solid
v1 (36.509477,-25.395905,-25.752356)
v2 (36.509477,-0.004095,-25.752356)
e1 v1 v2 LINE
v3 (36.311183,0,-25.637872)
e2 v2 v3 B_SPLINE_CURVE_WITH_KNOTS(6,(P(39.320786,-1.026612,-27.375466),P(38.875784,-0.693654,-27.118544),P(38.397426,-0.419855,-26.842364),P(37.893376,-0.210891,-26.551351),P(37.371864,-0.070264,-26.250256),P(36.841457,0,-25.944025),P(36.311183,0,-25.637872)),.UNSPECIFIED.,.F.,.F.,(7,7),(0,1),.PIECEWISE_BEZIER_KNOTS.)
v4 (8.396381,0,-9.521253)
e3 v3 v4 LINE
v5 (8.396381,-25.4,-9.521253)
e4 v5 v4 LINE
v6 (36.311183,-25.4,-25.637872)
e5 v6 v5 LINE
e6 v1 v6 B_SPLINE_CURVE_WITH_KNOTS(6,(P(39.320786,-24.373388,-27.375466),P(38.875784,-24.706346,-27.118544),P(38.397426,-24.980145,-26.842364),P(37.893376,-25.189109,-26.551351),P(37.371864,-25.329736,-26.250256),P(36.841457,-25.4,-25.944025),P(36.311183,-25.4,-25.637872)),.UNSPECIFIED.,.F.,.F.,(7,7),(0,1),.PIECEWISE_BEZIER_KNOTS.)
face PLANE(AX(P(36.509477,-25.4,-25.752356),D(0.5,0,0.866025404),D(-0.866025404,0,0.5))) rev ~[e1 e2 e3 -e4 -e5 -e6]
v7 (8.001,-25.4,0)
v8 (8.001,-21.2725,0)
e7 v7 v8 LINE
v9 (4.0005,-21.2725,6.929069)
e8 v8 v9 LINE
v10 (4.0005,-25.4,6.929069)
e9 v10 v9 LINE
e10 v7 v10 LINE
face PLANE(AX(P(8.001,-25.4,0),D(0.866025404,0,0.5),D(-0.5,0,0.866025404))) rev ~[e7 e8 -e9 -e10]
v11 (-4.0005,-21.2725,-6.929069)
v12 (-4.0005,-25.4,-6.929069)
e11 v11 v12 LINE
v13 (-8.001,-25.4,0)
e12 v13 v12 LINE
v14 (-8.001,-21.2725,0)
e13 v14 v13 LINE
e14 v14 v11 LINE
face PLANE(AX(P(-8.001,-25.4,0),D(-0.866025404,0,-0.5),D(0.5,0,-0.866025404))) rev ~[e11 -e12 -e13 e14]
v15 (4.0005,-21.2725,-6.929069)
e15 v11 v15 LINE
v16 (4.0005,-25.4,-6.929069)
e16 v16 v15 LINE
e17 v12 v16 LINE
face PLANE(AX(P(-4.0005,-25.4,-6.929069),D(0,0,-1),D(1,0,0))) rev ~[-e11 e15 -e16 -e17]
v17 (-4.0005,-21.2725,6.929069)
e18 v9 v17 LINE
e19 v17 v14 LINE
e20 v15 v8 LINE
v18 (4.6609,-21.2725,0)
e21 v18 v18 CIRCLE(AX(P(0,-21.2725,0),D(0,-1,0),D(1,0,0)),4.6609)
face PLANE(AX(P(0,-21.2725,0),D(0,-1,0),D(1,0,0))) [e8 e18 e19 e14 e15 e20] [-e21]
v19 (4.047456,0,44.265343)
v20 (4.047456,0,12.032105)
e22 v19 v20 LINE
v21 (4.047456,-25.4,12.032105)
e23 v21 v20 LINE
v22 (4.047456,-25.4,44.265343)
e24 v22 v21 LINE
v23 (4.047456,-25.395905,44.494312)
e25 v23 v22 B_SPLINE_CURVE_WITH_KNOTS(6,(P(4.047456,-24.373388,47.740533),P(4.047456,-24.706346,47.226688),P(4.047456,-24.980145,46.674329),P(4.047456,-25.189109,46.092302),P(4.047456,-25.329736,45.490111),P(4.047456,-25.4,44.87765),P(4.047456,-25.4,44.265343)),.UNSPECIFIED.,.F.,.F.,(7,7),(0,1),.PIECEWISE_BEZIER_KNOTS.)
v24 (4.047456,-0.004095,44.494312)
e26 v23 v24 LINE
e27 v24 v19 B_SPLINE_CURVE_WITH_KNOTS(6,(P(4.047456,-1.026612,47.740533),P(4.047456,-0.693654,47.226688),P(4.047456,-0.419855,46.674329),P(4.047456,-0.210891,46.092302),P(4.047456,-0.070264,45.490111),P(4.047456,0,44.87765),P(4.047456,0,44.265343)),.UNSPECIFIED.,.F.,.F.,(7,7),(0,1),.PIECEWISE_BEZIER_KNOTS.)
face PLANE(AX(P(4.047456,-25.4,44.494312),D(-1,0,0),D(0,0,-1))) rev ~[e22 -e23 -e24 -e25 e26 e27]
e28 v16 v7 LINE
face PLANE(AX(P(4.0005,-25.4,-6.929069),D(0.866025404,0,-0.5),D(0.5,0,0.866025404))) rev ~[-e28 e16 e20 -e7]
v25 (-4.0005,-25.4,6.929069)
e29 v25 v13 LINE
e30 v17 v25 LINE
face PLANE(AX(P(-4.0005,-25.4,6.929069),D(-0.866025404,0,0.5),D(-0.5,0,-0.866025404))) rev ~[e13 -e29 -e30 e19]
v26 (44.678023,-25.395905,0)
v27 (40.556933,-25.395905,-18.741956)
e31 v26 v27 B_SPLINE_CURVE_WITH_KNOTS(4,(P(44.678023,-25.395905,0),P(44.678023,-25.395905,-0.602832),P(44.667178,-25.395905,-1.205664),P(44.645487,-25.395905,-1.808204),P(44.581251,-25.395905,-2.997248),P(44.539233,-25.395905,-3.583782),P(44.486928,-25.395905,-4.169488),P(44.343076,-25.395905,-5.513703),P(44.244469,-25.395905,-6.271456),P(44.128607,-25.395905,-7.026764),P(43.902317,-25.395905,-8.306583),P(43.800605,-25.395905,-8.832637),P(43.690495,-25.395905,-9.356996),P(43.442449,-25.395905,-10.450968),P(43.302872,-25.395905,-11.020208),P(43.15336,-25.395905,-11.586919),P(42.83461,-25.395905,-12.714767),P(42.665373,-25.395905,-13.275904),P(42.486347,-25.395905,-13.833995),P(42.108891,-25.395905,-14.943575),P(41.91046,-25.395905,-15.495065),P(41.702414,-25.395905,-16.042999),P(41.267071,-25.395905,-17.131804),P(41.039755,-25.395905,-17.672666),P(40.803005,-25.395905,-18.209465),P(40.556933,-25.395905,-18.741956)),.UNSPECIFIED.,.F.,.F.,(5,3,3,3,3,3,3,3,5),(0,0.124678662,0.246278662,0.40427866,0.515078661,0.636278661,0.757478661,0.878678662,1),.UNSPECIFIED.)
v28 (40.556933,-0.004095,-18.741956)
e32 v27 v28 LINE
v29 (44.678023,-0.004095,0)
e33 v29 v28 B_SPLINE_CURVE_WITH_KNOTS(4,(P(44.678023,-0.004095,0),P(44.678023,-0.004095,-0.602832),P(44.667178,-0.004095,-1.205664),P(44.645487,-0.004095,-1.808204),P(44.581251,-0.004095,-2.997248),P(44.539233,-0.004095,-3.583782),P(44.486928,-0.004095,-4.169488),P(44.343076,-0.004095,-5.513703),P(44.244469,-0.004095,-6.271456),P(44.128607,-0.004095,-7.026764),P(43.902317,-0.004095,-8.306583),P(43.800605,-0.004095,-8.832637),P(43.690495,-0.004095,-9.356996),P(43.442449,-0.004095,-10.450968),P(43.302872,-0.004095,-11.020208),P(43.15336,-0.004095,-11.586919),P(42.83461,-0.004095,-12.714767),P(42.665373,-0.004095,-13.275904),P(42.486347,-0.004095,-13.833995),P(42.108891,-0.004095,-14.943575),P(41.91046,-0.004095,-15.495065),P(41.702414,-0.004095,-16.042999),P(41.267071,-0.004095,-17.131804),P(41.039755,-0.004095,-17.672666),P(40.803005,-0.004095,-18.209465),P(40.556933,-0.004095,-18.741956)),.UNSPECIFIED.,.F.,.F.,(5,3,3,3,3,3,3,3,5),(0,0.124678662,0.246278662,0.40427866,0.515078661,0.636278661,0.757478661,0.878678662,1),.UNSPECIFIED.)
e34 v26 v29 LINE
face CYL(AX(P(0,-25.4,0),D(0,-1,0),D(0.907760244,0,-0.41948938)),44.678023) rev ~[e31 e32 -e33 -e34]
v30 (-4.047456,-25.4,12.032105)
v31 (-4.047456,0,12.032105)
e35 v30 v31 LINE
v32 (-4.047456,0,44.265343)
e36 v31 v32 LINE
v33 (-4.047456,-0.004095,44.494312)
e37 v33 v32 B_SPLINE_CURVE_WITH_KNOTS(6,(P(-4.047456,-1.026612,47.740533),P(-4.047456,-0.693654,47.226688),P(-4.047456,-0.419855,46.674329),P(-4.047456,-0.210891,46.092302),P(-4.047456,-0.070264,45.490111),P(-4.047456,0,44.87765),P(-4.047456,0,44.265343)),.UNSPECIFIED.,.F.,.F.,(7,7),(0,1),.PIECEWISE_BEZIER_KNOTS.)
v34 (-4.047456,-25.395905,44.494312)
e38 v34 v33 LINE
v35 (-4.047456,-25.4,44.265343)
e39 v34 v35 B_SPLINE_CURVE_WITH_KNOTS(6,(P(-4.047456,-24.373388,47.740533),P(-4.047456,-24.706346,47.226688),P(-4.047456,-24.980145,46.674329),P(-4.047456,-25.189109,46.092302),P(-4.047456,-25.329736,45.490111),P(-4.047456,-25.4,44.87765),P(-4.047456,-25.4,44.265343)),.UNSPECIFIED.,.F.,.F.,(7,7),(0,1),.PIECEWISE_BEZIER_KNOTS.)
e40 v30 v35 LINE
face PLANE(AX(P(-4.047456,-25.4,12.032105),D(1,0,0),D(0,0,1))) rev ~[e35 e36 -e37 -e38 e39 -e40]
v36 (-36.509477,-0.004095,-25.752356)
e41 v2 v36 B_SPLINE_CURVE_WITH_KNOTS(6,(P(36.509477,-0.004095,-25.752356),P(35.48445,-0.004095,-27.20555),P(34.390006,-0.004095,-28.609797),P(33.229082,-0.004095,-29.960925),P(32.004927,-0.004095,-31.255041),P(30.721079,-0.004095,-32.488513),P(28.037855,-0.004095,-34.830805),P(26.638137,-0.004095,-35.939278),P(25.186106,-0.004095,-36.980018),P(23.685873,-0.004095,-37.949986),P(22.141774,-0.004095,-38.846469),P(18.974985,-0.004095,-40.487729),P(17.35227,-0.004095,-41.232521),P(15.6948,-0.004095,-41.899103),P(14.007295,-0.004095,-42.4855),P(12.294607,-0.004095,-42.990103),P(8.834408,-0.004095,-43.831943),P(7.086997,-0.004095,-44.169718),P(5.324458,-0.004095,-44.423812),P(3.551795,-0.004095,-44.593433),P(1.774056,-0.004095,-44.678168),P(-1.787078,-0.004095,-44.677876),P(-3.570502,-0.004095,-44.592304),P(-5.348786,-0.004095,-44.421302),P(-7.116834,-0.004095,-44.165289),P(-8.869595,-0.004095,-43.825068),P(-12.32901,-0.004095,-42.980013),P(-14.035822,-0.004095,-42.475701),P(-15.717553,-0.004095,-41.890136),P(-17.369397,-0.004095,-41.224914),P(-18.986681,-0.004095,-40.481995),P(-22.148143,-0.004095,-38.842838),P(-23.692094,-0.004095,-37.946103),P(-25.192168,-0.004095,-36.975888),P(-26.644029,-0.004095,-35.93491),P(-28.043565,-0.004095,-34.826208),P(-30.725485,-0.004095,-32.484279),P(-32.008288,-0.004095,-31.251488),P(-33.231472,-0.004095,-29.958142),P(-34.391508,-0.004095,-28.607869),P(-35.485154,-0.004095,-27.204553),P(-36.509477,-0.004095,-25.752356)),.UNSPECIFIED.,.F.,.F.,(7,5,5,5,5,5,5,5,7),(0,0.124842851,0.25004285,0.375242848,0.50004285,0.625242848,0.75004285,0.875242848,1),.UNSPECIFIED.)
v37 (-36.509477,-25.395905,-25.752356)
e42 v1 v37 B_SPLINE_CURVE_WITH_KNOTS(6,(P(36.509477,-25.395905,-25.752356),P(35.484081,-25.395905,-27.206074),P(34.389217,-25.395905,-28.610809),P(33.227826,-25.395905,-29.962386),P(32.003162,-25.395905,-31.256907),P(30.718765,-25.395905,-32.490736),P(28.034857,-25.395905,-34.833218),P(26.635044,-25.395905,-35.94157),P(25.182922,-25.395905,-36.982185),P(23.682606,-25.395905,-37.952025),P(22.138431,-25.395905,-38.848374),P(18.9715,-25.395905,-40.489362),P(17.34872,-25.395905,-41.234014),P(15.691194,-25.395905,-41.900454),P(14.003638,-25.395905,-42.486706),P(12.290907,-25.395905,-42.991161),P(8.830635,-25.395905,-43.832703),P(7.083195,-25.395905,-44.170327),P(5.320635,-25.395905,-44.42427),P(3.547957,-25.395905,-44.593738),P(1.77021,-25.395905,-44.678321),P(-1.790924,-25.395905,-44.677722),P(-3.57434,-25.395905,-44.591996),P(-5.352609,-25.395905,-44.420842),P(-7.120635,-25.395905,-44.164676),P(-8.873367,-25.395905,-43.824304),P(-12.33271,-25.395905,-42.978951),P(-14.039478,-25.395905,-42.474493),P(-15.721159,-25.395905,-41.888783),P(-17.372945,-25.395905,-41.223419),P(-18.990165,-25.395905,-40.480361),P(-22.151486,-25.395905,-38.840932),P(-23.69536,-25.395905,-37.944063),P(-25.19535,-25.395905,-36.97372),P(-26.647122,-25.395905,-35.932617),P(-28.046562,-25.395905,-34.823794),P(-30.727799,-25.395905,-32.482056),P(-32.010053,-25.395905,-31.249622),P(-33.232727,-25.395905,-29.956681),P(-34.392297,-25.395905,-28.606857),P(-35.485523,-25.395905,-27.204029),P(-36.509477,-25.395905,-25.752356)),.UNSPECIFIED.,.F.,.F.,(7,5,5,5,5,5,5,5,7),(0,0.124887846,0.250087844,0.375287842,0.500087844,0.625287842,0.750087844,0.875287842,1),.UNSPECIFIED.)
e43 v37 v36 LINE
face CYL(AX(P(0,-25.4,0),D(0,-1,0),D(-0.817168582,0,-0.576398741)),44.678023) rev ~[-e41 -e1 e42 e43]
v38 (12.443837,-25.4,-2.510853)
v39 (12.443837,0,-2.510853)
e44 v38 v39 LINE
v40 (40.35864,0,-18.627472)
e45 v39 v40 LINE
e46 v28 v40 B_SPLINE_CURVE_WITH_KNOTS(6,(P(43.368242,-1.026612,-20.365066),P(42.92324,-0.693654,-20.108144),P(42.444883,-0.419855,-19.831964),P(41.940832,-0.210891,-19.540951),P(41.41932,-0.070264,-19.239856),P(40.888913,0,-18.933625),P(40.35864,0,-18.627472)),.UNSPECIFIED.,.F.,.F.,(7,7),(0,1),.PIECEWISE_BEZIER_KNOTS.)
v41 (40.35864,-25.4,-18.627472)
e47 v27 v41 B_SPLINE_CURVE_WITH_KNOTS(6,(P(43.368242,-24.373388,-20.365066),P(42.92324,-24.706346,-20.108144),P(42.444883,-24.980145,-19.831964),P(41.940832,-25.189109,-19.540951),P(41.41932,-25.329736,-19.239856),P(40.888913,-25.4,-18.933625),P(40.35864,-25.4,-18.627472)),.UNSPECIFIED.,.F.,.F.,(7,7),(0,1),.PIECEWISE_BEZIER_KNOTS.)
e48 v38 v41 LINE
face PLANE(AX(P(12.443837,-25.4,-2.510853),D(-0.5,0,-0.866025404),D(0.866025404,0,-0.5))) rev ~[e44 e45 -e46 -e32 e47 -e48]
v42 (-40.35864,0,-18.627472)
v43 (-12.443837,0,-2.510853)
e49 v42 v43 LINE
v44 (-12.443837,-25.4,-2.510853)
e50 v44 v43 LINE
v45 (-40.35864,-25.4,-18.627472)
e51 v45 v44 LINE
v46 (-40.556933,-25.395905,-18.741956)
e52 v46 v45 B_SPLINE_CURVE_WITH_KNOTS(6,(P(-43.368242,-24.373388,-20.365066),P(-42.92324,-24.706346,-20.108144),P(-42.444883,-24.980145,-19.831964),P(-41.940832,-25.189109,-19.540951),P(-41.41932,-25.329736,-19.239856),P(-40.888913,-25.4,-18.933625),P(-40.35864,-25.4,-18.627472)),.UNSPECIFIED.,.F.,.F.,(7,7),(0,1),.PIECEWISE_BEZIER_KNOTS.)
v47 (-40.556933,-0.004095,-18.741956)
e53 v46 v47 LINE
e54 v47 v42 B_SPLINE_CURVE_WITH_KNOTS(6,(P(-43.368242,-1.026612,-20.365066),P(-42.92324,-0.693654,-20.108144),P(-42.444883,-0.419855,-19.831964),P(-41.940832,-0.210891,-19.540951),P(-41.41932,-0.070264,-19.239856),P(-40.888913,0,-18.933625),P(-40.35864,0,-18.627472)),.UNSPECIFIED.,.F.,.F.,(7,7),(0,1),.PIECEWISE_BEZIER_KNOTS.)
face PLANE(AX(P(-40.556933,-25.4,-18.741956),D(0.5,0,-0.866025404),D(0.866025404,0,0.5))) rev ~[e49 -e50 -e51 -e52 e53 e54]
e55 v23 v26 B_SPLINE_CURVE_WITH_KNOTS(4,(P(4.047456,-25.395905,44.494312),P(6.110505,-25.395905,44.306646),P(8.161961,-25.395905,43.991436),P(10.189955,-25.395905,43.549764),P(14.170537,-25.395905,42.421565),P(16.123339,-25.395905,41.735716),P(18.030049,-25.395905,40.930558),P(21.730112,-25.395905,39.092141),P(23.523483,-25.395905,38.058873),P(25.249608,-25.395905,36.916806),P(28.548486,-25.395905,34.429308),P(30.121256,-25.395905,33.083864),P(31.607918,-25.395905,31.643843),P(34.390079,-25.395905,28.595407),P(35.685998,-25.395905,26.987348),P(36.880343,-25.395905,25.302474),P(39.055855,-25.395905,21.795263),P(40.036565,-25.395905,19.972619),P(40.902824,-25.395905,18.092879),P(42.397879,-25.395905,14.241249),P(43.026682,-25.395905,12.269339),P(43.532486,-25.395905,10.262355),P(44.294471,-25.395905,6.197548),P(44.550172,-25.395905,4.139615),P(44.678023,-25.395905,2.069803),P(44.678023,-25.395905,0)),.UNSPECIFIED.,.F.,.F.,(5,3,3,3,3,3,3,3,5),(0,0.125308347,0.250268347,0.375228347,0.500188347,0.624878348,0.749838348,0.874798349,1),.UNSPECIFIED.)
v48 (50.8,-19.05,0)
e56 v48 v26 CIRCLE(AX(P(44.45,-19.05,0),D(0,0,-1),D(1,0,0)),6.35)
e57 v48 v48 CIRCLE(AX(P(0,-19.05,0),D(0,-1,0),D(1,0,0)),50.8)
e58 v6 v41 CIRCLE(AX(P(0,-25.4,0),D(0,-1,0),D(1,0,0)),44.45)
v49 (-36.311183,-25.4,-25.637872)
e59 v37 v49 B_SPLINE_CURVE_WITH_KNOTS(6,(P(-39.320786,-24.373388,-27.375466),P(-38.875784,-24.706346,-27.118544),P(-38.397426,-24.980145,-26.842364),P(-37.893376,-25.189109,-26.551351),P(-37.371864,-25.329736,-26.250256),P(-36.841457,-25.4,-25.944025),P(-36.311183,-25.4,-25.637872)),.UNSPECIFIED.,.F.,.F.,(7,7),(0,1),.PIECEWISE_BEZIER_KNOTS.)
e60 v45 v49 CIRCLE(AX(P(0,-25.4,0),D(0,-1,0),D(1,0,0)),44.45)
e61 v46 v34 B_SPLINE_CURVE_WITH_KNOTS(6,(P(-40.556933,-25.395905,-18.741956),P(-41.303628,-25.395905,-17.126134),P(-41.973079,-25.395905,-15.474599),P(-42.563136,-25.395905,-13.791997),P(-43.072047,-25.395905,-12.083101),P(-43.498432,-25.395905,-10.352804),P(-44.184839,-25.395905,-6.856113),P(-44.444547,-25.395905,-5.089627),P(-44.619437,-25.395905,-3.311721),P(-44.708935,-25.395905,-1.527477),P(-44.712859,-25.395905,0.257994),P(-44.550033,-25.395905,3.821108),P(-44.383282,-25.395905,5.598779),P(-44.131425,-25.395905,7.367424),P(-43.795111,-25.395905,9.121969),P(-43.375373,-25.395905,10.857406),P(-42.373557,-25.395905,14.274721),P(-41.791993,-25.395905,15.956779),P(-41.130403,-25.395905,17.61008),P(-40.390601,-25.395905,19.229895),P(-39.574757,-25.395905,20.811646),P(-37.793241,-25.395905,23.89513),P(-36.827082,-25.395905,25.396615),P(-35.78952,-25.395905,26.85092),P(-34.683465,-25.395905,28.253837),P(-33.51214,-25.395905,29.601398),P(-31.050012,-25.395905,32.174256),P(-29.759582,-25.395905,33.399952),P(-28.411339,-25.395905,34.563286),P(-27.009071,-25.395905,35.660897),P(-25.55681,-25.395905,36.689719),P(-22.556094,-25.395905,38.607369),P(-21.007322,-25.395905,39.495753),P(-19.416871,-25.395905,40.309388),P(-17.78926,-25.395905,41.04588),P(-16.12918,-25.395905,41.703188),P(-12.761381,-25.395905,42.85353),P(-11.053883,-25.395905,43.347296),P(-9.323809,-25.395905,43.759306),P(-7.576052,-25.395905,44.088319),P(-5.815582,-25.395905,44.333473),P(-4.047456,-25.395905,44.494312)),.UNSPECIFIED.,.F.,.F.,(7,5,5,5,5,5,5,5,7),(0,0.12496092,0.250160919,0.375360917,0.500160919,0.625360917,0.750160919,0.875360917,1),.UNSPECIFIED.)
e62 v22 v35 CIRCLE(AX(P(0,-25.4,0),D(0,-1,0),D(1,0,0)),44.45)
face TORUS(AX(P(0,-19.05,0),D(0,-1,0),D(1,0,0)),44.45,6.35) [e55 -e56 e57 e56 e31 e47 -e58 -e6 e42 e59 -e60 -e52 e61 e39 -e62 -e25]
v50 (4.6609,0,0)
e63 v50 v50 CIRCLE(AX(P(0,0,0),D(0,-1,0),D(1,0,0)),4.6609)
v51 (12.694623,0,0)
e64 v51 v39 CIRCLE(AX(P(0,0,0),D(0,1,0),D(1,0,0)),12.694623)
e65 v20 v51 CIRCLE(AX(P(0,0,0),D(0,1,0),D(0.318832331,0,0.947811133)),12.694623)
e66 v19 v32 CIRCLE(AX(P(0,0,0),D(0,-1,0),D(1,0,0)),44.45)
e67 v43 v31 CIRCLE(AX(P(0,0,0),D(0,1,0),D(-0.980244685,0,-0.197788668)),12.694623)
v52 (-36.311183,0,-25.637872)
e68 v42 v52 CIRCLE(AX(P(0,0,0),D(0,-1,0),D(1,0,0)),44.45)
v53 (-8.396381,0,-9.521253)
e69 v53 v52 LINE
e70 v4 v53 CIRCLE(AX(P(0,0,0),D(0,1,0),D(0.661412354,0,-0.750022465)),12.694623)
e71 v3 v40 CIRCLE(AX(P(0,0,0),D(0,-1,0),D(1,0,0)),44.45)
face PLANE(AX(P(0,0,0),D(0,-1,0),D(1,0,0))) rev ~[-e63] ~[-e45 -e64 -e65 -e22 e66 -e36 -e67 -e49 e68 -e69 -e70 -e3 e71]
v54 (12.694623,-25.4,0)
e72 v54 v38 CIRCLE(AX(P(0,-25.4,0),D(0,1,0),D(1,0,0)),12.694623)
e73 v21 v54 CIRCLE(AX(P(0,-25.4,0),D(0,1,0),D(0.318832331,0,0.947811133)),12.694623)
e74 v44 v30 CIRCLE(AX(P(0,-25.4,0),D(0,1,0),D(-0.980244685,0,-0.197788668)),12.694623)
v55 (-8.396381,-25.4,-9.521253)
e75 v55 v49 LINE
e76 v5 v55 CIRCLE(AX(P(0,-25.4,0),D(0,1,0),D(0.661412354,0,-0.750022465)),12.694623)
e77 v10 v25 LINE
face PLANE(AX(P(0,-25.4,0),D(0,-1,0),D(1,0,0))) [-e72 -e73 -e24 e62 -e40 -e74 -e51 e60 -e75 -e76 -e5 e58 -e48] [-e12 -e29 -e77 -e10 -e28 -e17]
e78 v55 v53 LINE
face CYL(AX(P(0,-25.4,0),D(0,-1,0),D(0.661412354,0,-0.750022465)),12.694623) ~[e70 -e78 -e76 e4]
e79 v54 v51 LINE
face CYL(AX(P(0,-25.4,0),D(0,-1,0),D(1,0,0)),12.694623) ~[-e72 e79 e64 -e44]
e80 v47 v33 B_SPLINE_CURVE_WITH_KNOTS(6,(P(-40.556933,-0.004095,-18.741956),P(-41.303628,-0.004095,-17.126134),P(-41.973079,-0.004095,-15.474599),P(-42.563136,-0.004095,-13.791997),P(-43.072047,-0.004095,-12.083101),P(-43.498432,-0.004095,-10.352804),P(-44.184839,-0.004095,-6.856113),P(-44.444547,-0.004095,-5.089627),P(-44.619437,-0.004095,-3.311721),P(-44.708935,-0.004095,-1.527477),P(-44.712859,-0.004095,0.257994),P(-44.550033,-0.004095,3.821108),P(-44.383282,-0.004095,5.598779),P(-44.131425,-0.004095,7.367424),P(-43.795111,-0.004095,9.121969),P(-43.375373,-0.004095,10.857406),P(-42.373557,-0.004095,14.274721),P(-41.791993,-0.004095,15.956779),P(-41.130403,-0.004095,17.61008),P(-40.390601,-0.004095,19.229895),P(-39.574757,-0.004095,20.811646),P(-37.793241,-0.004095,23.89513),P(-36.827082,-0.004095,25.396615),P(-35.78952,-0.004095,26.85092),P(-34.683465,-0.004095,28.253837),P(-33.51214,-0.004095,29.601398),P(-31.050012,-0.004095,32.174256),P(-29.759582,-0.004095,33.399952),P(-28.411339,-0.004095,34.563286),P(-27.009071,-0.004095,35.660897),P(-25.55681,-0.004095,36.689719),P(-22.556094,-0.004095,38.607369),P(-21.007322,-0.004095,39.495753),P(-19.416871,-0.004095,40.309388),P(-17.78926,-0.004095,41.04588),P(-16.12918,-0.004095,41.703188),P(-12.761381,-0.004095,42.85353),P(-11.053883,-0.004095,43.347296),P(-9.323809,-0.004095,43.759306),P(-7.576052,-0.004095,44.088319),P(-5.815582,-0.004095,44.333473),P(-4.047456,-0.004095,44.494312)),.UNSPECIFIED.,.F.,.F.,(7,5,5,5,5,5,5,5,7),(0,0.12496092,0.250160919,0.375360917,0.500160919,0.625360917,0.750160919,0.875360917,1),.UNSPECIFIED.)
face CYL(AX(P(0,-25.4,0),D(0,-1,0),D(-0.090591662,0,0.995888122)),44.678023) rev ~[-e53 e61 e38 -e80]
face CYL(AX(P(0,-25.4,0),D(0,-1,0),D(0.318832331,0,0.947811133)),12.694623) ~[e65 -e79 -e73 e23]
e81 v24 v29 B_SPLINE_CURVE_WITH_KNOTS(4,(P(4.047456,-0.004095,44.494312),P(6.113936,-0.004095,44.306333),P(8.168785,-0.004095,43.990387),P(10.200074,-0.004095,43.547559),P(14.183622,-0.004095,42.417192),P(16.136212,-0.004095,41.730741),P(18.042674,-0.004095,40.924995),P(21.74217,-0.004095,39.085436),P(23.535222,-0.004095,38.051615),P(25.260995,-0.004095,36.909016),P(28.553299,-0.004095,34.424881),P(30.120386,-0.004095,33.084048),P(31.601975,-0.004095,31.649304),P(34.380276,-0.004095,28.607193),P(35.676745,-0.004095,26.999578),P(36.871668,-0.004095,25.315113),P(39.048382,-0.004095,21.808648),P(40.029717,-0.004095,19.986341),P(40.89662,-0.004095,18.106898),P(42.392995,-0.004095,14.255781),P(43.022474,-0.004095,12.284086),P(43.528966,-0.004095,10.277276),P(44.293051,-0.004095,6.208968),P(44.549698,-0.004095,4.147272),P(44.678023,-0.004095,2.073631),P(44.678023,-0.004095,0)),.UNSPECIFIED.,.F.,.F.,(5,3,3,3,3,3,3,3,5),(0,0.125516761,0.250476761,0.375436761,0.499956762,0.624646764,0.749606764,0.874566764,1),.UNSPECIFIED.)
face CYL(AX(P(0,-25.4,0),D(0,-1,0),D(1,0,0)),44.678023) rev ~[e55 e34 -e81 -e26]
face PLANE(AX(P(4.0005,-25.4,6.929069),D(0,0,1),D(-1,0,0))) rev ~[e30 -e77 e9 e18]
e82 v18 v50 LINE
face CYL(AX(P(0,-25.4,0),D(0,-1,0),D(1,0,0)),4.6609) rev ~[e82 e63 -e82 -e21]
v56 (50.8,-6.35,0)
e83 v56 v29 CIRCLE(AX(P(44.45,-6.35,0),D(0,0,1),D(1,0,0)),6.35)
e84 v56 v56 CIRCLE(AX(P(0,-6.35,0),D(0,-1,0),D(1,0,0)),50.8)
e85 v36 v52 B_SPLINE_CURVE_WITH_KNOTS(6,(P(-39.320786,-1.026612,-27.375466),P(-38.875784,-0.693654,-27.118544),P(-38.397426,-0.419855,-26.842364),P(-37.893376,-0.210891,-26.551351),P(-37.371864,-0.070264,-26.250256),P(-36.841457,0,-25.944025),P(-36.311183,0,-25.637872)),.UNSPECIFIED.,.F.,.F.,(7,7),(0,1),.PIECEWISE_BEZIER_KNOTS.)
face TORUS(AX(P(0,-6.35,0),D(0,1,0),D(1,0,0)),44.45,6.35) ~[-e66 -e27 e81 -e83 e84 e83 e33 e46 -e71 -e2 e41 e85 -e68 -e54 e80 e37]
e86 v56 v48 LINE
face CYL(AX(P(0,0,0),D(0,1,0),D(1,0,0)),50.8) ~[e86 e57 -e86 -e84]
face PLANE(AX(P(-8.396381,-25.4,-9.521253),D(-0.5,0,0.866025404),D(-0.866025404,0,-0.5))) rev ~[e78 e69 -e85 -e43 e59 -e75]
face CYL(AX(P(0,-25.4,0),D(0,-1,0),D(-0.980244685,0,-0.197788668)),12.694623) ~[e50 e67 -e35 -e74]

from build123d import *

# Parameters (mm, degrees)
F0_R     = 50.8
F1_DEPTH = 25.4
F4_DEPTH = 4.1275
F5_R     = 4.6609
F6_DEPTH = 25.401
F7_R     = 6.35
F9_DEPTH = 25.4


with BuildPart() as f1:
    # F0 (on Front) → F1 (new body)
    with BuildSketch(Plane.XZ):
        Circle(F0_R)
    extrude(amount=F1_DEPTH)

    # F3 (on face) → F4 (cut, symmetric)
    with BuildSketch(Plane.XZ.offset(25.4)):
        Polygon((4.0005, 6.9290692557), (-4.0005, 6.9290692557), (-8.001, 0), (-4.0005, -6.9290692557), (4.0005, -6.9290692557), (8.001, 0), align=None)
    extrude(amount=F4_DEPTH, both=True, mode=Mode.SUBTRACT)

    # F5 (on face) → F6 (cut, through all)
    with BuildSketch(Plane.XZ.offset(25.4)):
        Circle(F5_R)
    extrude(amount=-F6_DEPTH, mode=Mode.SUBTRACT)

    # F7
    f7_edges = [f1.edges().sort_by_distance(p)[0] for p in [
        (-50.8, -25.4, 0),
        (-50.8, 0, 0),
    ]]
    fillet(f7_edges, radius=F7_R)

    # F8 (on face) → F9 (cut, through all)
    with BuildSketch(Plane.XZ.offset(25.4)):
        with BuildLine():
            Line((4.0474563271, 44.494312185), (4.0474563271, 12.0321052626))
            ThreePointArc((4.0474563271, 12.0321052626), (10.3085981834, 7.4085263895), (12.6946232622, 0))
            ThreePointArc((12.6946232622, 0), (12.6317710989, -1.2616729662), (12.443836982, -2.5108526313))
            Line((12.443836982, -2.5108526313), (40.5569328397, -18.7419560925))
            ThreePointArc((40.5569328397, -18.7419560925), (43.6355891953, -9.594846279), (44.6780227801, 0))
            ThreePointArc((44.6780227801, 0), (32.9921056127, 30.1271752206), (4.0474563271, 44.494312185))
        make_face()
        with BuildLine():
            ThreePointArc((-12.443836982, -2.5108526313), (-10.9938662366, 6.3473116311), (-4.0474563271, 12.0321052626))
            Line((-4.0474563271, 12.0321052626), (-4.0474563271, 44.494312185))
            ThreePointArc((-4.0474563271, 44.494312185), (-38.6923027184, 22.33901139), (-40.5569328397, -18.7419560925))
            Line((-40.5569328397, -18.7419560925), (-12.443836982, -2.5108526313))
        make_face()
        with BuildLine():
            Line((36.5094765126, -25.7523560925), (8.3963806548, -9.5212526313))
            ThreePointArc((8.3963806548, -9.5212526313), (0, -12.6946232622), (-8.3963806548, -9.5212526313))
            Line((-8.3963806548, -9.5212526313), (-36.5094765126, -25.7523560925))
            ThreePointArc((-36.5094765126, -25.7523560925), (0, -44.6780227801), (36.5094765126, -25.7523560925))
        make_face()
    extrude(amount=-F9_DEPTH, mode=Mode.SUBTRACT)


solid = f1.part
